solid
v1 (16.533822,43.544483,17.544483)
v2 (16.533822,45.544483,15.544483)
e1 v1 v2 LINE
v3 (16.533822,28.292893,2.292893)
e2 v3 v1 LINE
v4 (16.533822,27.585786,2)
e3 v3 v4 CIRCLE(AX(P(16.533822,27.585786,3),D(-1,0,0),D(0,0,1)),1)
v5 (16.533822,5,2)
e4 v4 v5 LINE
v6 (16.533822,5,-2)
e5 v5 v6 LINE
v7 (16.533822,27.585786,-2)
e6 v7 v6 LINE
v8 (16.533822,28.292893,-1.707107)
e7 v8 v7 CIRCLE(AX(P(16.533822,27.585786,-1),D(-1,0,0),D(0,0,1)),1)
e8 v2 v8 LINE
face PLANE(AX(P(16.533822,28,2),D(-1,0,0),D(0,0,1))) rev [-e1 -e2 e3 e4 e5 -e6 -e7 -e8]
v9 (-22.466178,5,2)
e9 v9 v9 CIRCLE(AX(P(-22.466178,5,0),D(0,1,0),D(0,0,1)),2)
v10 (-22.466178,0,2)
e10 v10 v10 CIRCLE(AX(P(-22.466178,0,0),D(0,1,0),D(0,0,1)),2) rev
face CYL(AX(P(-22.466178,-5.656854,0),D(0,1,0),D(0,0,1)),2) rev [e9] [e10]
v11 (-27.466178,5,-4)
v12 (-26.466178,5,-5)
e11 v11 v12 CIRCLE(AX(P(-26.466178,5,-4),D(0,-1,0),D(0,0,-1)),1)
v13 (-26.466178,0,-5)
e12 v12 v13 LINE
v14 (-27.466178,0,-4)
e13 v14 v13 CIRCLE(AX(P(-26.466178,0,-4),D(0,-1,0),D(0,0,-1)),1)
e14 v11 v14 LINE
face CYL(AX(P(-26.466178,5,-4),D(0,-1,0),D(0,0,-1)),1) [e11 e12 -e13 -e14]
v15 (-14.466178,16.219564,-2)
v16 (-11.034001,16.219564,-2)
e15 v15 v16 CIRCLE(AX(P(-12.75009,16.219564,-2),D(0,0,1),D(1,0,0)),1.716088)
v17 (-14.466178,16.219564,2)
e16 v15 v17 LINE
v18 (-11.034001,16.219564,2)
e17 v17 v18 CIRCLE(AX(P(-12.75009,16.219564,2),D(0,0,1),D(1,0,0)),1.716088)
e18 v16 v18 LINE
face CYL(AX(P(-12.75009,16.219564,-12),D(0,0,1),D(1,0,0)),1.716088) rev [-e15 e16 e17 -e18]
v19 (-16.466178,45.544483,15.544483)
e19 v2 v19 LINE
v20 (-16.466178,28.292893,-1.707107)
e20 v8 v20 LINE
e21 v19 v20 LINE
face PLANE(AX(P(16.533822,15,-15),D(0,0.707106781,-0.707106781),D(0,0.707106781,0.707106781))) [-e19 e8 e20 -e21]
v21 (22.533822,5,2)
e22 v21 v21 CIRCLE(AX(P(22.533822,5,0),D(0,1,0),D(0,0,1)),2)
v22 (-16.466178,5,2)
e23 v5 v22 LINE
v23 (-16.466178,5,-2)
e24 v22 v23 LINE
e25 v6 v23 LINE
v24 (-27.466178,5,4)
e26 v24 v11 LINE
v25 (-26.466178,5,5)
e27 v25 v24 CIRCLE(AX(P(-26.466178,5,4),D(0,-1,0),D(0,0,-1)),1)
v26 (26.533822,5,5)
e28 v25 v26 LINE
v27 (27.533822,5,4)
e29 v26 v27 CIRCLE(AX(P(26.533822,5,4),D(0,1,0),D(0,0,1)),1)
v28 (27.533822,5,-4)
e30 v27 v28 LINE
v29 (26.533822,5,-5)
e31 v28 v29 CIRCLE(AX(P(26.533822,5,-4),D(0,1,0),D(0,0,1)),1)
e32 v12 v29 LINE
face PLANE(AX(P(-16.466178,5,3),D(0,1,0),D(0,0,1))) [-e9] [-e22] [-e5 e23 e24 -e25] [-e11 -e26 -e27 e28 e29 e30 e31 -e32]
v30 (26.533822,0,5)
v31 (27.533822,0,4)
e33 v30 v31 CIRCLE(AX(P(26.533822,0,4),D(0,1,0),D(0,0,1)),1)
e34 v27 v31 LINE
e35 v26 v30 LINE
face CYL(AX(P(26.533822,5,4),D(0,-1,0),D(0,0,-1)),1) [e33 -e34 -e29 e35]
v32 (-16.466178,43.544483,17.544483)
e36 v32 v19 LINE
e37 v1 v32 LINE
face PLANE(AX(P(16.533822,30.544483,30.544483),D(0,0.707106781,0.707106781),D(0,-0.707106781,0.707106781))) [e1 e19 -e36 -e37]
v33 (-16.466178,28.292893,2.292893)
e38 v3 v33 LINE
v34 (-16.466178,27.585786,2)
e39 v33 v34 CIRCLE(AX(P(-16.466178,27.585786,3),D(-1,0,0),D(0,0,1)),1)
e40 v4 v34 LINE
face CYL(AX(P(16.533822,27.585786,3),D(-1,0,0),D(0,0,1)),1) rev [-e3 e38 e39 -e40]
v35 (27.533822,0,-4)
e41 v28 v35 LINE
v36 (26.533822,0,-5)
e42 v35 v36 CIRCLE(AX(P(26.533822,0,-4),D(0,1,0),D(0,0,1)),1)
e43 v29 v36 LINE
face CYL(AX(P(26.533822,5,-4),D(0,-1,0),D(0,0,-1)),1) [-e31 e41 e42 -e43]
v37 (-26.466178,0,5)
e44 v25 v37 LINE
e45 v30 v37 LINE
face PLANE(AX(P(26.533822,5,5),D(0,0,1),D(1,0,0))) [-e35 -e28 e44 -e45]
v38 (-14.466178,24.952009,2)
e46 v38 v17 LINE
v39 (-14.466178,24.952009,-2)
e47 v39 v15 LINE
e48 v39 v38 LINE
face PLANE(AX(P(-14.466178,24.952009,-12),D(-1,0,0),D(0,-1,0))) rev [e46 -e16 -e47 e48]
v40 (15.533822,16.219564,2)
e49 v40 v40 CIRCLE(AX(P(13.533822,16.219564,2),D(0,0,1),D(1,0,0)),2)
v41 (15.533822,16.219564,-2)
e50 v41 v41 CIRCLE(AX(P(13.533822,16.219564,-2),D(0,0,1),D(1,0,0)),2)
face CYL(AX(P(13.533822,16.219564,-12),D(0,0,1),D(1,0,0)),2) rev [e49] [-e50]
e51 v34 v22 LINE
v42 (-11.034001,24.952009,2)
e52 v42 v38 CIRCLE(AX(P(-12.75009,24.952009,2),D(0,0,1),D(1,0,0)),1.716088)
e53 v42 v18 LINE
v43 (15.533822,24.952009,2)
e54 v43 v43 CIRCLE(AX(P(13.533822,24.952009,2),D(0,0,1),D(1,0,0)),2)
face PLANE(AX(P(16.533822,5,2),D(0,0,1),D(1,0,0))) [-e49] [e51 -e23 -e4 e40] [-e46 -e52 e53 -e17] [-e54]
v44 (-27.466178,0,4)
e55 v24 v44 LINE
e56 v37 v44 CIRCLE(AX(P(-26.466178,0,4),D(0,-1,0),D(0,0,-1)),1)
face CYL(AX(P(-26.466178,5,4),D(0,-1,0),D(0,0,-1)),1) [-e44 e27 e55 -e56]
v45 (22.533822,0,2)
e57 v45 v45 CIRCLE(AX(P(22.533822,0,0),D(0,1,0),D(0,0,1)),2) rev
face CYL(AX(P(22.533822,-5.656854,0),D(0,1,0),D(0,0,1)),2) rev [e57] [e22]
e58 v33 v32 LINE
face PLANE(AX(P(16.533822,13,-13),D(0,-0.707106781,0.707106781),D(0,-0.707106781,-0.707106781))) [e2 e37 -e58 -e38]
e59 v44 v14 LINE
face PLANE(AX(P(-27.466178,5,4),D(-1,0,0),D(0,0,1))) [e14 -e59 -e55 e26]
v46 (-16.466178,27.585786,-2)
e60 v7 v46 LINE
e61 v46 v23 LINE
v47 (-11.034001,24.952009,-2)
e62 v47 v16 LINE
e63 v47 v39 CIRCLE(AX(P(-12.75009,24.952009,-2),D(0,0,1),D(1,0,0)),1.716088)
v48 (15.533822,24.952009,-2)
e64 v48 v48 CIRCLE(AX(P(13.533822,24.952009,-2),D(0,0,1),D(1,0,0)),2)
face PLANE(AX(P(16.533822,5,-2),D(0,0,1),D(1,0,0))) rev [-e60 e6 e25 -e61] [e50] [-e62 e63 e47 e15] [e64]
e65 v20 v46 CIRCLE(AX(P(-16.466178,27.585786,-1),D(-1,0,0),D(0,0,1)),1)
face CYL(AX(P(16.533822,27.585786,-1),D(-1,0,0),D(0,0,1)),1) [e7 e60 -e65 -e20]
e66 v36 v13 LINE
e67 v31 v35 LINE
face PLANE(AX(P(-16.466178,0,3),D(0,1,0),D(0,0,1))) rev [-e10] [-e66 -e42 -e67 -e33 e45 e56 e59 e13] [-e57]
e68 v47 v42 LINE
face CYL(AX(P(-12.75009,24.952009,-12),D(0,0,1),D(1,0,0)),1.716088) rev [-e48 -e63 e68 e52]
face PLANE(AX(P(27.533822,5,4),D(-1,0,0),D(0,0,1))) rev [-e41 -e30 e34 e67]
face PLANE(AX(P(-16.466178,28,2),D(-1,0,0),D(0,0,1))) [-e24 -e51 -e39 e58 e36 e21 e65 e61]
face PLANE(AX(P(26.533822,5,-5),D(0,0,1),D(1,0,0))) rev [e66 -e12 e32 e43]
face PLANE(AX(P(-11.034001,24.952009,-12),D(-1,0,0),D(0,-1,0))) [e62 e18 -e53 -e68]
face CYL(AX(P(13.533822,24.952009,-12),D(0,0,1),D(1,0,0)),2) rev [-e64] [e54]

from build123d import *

# Parameters (mm, degrees)
EXTRUDE_2_DEPTH     = 5
SKETCH_4_W          = 33
SKETCH_4_H          = 4
EXTRUDE_3_DEPTH     = 23
EXTRUDE_4_DEPTH     = 33
SKETCH_11_R         = 2
CUT_EXTRUDE_1_DEPTH = 14
CUT_EXTRUDE_2_DEPTH = 33
SKETCH_17_R         = 2
CUT_EXTRUDE_3_DEPTH = 5
SKETCH_19_W         = 37
SKETCH_19_H         = 10
EXTRUDE_5_DEPTH     = 5


with BuildPart() as part:
    # 草图1 → 凸台-拉伸2 (new body)
    with BuildSketch(Plane(origin=(0, 0, 0), x_dir=(1, 0, 0), z_dir=(0, 1, 0))):
        with BuildLine():
            Line((26.533821687, -5), (18.533821687, -5))
            ThreePointArc((18.533821687, -5), (17.826714906, -4.707106781), (17.533821687, -4))
            Line((17.533821687, -4), (17.533821687, -3))
            ThreePointArc((17.533821687, -3), (17.240928468, -2.292893219), (16.533821687, -2))
            Line((16.533821687, -2), (-16.466178313, -2))
            ThreePointArc((-16.466178313, -2), (-17.173285094, -2.292893219), (-17.466178313, -3))
            Line((-17.466178313, -3), (-17.466178313, -4))
            ThreePointArc((-17.466178313, -4), (-17.759071532, -4.707106781), (-18.466178313, -5))
            Line((-18.466178313, -5), (-26.466178313, -5))
            ThreePointArc((-26.466178313, -5), (-27.173285094, -4.707106781), (-27.466178313, -4))
            Line((-27.466178313, -4), (-27.466178313, 4))
            ThreePointArc((-27.466178313, 4), (-27.173285094, 4.707106781), (-26.466178313, 5))
            Line((-26.466178313, 5), (-18.466178313, 5))
            ThreePointArc((-18.466178313, 5), (-17.759071532, 4.707106781), (-17.466178313, 4))
            Line((-17.466178313, 4), (-17.466178313, 3))
            ThreePointArc((-17.466178313, 3), (-17.173285094, 2.292893219), (-16.466178313, 2))
            Line((-16.466178313, 2), (16.533821687, 2))
            ThreePointArc((16.533821687, 2), (17.240928468, 2.292893219), (17.533821687, 3))
            Line((17.533821687, 3), (17.533821687, 4))
            ThreePointArc((17.533821687, 4), (17.826714906, 4.707106781), (18.533821687, 5))
            Line((18.533821687, 5), (26.533821687, 5))
            ThreePointArc((26.533821687, 5), (27.240928468, 4.707106781), (27.533821687, 4))
            Line((27.533821687, 4), (27.533821687, -4))
            ThreePointArc((27.533821687, -4), (27.240928468, -4.707106781), (26.533821687, -5))
        make_face()
    extrude(amount=EXTRUDE_2_DEPTH)

    # 草图4 → 凸台-拉伸3 (add)
    with BuildSketch(Plane(origin=(0, 5, 0), x_dir=(1, 0, 0), z_dir=(0, 1, 0))):
        with Locations((0.033821687, 0)):
            Rectangle(SKETCH_4_W, SKETCH_4_H)
    extrude(amount=EXTRUDE_3_DEPTH)

    # 草图5 → 凸台-拉伸4 (add)
    with BuildSketch(Plane.ZY.offset(16.466178313)):
        with BuildLine():
            ThreePointArc((2, 27.585786438), (2.076120467, 27.96846987), (2.292893219, 28.292893219))
            Line((2.292893219, 28.292893219), (17.54448252, 43.54448252))
            Line((17.54448252, 43.54448252), (15.54448252, 45.54448252))
            Line((15.54448252, 45.54448252), (-1.707106781, 28.292893219))
            ThreePointArc((-1.707106781, 28.292893219), (-1.821797126, 28.155566643), (-1.910179721, 28))
            Line((-1.910179721, 28), (2, 28))
            Line((2, 28), (2, 27.585786438))
        make_face()
    extrude(amount=-EXTRUDE_4_DEPTH)

    # 草图11 → 切除-拉伸1 (cut)
    with BuildSketch(Plane.XY.offset(2)):
        with Locations((13.533821687, 24.952009276)):
            Circle(SKETCH_11_R)
        with Locations((13.533821687, 16.219563599)):
            Circle(SKETCH_11_R)
        with BuildLine():
            Line((-11.034001398, 24.952009276), (-11.034001398, 16.219563599))
            ThreePointArc((-11.034001398, 16.219563599), (-12.750089855, 14.503475142), (-14.466178313, 16.219563599))
            Line((-14.466178313, 16.219563599), (-14.466178313, 24.952009276))
            ThreePointArc((-14.466178313, 24.952009276), (-12.750089855, 26.668097734), (-11.034001398, 24.952009276))
        make_face()
    extrude(amount=-CUT_EXTRUDE_1_DEPTH, mode=Mode.SUBTRACT)

    # 草图16 → 切除-拉伸2 (cut)
    with BuildSketch(Plane.ZY.offset(16.466178313)):
        with BuildLine():
            Line((-1.910179721, 28), (-2, 28))
            Line((-2, 28), (-2, 27.585786438))
            ThreePointArc((-2, 27.585786438), (-1.97728699, 27.797706563), (-1.910179721, 28))
        make_face()
    extrude(amount=-CUT_EXTRUDE_2_DEPTH, mode=Mode.SUBTRACT)

    # 草图17 → 切除-拉伸3 (cut)
    with BuildSketch(Plane(origin=(0, 5, 0), x_dir=(1, 0, 0), z_dir=(0, 1, 0))):
        with Locations((22.533821687, 0)):
            Circle(SKETCH_17_R)
        with Locations((-22.466178313, 0)):
            Circle(SKETCH_17_R)
    extrude(amount=-CUT_EXTRUDE_3_DEPTH, mode=Mode.SUBTRACT)

    # 草图19 → 凸台-拉伸5 (add)
    with BuildSketch(Plane(origin=(0, 5, 0), x_dir=(1, 0, 0), z_dir=(0, 1, 0))):
        with Locations((0.033821687, 0)):
            Rectangle(SKETCH_19_W, SKETCH_19_H)
    extrude(amount=-EXTRUDE_5_DEPTH)


solid = part.part
